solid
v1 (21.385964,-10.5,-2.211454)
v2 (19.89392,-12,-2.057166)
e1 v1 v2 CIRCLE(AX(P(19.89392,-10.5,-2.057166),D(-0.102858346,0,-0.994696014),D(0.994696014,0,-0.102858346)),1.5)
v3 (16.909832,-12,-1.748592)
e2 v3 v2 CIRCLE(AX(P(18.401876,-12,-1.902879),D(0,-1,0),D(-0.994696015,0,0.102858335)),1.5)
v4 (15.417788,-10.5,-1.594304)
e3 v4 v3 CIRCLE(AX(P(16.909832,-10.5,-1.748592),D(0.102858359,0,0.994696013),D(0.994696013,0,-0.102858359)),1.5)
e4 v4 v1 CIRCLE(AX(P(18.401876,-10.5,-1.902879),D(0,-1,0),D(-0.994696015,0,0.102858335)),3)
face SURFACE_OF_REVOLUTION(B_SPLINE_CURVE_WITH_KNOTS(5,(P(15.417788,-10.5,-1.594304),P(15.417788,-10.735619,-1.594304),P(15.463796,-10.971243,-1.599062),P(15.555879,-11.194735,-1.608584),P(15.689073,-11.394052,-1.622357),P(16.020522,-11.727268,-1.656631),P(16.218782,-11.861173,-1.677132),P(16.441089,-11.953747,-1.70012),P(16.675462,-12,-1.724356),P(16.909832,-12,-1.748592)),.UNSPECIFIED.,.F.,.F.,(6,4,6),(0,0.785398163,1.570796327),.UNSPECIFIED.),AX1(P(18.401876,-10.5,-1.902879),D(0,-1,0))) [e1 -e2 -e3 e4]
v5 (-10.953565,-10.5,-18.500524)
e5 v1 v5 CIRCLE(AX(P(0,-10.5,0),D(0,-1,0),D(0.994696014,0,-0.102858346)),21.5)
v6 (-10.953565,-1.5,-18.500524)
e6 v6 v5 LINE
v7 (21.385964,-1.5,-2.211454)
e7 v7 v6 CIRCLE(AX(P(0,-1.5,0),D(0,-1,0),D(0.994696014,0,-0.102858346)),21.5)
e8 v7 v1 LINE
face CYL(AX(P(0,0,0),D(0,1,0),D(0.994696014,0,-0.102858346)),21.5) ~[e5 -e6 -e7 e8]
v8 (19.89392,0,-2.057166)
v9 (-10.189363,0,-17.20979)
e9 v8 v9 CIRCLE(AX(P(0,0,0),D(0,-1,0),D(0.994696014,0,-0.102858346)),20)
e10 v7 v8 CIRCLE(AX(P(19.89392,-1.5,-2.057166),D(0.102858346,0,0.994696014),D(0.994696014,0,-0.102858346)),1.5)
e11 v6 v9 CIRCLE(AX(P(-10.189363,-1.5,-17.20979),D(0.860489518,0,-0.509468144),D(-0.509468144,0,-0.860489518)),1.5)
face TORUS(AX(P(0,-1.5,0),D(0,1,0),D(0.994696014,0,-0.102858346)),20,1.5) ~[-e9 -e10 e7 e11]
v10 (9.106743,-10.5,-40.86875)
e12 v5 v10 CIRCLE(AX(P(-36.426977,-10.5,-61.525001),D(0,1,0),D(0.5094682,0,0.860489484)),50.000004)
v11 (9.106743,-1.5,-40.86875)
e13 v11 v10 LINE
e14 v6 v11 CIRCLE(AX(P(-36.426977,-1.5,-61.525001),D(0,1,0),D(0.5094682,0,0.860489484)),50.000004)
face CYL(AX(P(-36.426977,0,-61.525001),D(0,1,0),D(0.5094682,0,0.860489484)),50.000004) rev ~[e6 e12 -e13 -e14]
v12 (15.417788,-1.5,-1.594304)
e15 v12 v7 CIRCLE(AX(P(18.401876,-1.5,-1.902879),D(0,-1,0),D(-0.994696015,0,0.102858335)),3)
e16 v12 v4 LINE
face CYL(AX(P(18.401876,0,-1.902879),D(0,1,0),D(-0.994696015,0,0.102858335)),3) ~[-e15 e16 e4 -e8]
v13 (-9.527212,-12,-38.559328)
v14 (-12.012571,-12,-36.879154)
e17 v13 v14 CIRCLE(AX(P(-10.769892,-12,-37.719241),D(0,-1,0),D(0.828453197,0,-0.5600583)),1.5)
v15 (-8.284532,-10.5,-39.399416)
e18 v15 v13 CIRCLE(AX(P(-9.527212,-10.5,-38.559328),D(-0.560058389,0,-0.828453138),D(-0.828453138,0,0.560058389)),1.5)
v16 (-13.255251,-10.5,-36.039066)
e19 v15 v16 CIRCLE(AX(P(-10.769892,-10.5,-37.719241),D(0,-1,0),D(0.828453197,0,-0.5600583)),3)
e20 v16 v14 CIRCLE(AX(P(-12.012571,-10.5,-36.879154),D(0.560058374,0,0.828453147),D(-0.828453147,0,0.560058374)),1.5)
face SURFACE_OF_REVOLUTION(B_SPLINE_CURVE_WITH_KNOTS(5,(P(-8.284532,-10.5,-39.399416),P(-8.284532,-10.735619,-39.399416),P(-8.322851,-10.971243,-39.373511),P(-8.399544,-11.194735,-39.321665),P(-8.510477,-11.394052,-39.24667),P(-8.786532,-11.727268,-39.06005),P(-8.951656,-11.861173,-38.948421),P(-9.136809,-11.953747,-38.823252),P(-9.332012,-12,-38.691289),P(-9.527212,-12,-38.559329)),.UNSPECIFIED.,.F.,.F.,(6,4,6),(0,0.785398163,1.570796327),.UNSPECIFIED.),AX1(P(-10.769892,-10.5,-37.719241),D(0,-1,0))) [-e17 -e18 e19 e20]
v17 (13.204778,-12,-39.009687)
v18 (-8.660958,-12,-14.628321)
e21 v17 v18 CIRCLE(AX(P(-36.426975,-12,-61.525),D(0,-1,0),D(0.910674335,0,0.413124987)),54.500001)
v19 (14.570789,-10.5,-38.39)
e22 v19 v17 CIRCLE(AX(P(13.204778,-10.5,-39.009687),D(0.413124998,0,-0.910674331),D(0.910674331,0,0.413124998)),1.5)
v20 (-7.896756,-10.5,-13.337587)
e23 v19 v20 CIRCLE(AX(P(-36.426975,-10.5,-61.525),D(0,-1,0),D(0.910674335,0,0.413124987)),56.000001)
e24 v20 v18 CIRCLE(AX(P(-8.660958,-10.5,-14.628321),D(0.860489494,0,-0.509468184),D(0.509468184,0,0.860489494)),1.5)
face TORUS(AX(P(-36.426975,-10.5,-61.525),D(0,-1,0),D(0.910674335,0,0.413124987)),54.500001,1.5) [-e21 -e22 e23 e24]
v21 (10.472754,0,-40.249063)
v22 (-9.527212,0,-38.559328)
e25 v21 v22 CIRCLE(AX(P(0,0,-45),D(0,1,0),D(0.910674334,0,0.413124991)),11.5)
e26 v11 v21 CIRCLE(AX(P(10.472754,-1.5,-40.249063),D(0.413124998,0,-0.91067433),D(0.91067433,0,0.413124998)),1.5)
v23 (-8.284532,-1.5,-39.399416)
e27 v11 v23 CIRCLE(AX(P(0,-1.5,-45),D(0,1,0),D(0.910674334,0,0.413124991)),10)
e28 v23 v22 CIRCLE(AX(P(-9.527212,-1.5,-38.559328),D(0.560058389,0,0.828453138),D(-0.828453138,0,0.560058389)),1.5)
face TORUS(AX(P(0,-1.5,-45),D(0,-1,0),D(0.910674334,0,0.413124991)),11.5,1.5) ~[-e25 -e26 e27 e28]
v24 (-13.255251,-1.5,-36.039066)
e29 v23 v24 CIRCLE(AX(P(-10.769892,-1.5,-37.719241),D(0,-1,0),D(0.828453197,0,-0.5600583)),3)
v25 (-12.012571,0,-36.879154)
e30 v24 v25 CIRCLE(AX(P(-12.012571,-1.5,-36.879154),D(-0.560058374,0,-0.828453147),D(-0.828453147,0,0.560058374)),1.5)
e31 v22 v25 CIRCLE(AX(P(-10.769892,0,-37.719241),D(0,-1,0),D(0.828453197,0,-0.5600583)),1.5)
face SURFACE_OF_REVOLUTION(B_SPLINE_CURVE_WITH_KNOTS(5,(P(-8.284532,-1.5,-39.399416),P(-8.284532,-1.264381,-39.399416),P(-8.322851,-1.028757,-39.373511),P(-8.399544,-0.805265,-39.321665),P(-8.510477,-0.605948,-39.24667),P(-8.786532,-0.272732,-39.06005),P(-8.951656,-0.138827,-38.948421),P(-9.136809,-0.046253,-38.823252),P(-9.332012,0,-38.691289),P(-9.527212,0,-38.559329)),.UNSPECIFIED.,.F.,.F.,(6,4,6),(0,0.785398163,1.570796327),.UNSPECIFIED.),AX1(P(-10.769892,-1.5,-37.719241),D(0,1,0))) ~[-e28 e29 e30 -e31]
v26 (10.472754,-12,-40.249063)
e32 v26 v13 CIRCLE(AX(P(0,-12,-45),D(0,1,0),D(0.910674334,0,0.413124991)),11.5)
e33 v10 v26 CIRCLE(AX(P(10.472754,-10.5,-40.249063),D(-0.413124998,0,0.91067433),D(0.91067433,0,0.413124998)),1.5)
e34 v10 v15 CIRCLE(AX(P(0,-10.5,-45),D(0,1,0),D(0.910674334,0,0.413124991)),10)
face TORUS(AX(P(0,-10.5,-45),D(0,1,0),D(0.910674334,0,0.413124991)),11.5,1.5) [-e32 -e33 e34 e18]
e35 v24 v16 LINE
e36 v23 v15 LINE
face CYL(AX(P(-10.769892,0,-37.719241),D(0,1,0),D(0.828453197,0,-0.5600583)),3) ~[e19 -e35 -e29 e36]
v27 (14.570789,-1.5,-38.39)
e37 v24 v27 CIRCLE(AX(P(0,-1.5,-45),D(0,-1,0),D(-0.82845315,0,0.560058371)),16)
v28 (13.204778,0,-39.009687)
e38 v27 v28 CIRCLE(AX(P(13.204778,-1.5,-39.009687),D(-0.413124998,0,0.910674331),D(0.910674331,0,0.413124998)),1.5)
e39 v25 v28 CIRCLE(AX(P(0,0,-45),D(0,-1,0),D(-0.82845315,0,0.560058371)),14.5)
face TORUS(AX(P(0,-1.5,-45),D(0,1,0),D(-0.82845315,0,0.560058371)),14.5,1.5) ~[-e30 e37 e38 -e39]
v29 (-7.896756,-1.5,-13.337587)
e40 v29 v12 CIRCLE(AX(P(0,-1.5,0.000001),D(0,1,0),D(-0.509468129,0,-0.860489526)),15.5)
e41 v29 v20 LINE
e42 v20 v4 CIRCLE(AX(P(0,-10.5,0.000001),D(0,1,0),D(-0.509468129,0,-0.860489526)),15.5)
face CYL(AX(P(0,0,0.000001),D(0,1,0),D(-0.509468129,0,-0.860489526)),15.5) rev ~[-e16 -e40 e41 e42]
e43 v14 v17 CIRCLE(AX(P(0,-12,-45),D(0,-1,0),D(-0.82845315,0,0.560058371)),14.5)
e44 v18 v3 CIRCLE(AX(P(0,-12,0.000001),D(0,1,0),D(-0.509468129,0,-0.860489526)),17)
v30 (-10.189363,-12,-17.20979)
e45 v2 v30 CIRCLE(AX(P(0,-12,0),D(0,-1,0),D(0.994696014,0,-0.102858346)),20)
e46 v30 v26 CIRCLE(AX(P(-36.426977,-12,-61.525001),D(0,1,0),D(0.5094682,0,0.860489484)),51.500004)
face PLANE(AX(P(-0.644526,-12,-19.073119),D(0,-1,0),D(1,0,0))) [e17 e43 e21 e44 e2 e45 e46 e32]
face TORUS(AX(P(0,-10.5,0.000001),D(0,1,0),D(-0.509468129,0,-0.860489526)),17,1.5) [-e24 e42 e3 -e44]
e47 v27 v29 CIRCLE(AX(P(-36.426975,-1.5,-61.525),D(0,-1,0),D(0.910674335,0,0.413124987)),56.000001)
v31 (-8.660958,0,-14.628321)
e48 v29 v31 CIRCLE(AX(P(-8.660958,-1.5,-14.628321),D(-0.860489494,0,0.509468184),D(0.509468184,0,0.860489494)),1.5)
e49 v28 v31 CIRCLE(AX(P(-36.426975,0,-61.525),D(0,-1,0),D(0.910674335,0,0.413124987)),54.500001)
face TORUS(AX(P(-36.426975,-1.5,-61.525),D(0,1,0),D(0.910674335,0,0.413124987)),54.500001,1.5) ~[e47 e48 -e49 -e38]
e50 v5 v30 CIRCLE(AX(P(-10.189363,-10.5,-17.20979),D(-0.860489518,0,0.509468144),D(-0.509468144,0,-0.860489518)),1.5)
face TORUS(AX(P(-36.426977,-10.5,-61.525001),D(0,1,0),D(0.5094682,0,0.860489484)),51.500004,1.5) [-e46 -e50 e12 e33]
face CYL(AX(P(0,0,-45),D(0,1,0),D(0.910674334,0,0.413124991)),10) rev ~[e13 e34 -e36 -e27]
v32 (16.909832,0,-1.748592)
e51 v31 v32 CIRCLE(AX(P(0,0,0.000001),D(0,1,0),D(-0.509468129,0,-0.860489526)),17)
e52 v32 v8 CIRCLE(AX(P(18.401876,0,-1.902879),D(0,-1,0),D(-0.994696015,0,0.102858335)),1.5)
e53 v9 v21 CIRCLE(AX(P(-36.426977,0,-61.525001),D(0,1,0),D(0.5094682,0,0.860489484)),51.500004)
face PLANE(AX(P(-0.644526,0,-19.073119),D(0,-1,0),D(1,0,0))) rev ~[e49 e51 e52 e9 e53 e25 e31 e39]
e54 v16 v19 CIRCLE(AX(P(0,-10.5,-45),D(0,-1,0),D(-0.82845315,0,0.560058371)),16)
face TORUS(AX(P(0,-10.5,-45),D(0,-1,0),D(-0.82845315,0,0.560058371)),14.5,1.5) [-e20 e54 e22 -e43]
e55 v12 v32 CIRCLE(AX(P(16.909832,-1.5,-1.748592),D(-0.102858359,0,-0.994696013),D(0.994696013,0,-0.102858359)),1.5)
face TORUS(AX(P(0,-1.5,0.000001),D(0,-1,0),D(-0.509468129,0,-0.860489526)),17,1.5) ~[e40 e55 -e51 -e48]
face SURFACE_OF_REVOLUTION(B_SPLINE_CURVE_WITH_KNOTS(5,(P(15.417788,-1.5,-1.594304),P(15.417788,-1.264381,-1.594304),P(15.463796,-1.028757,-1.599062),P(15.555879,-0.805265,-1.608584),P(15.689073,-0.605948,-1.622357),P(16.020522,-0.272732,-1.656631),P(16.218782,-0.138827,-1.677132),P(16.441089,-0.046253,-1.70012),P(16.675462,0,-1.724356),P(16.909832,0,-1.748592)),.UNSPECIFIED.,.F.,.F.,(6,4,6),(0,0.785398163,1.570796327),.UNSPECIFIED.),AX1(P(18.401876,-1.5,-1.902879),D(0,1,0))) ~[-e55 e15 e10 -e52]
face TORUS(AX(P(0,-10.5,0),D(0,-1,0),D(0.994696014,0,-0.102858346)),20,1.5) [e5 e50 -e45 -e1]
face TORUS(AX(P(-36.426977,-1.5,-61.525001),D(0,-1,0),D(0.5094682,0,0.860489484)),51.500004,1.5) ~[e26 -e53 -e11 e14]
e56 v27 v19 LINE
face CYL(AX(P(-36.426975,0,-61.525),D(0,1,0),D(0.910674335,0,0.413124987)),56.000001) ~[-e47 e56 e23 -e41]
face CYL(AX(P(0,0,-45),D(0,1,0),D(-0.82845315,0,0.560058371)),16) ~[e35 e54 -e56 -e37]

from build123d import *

# Parameters (mm, degrees)
F1_DEPTH = 12
F2_R     = 1.5


with BuildPart() as f1:
    # F0 (on Front) → F1 (new body)
    with BuildSketch(Plane.XZ):
        with BuildLine():
            ThreePointArc((-7.896756, -13.337587), (-6.972636, 13.843134), (15.417788, -1.594304))
            ThreePointArc((15.417788, -1.594304), (18.093301, -4.886967), (21.385964, -2.211454))
            ThreePointArc((21.385964, -2.211454), (-9.671721, 19.201766), (-10.953565, -18.500524))
            ThreePointArc((-10.953565, -18.500524), (0.796505, -28.14218), (9.106743, -40.86875))
            ThreePointArc((9.106743, -40.86875), (-0.841869, -54.9645), (-8.284532, -39.399416))
            ThreePointArc((-8.284532, -39.399416), (-9.089716, -35.233882), (-13.255251, -36.039066))
            ThreePointArc((-13.255251, -36.039066), (-1.34699, -60.9432), (14.570789, -38.39))
            ThreePointArc((14.570789, -38.39), (5.263322, -24.136241), (-7.896756, -13.337587))
        make_face()
    extrude(amount=F1_DEPTH)

    # F2
    f2_edges = [f1.edges().sort_by_distance(p)[0] for p in [
        (-9.671721, -12, 19.201766),
        (-9.671721, 0, 19.201766),
    ]]
    fillet(f2_edges, radius=F2_R)


solid = f1.part
